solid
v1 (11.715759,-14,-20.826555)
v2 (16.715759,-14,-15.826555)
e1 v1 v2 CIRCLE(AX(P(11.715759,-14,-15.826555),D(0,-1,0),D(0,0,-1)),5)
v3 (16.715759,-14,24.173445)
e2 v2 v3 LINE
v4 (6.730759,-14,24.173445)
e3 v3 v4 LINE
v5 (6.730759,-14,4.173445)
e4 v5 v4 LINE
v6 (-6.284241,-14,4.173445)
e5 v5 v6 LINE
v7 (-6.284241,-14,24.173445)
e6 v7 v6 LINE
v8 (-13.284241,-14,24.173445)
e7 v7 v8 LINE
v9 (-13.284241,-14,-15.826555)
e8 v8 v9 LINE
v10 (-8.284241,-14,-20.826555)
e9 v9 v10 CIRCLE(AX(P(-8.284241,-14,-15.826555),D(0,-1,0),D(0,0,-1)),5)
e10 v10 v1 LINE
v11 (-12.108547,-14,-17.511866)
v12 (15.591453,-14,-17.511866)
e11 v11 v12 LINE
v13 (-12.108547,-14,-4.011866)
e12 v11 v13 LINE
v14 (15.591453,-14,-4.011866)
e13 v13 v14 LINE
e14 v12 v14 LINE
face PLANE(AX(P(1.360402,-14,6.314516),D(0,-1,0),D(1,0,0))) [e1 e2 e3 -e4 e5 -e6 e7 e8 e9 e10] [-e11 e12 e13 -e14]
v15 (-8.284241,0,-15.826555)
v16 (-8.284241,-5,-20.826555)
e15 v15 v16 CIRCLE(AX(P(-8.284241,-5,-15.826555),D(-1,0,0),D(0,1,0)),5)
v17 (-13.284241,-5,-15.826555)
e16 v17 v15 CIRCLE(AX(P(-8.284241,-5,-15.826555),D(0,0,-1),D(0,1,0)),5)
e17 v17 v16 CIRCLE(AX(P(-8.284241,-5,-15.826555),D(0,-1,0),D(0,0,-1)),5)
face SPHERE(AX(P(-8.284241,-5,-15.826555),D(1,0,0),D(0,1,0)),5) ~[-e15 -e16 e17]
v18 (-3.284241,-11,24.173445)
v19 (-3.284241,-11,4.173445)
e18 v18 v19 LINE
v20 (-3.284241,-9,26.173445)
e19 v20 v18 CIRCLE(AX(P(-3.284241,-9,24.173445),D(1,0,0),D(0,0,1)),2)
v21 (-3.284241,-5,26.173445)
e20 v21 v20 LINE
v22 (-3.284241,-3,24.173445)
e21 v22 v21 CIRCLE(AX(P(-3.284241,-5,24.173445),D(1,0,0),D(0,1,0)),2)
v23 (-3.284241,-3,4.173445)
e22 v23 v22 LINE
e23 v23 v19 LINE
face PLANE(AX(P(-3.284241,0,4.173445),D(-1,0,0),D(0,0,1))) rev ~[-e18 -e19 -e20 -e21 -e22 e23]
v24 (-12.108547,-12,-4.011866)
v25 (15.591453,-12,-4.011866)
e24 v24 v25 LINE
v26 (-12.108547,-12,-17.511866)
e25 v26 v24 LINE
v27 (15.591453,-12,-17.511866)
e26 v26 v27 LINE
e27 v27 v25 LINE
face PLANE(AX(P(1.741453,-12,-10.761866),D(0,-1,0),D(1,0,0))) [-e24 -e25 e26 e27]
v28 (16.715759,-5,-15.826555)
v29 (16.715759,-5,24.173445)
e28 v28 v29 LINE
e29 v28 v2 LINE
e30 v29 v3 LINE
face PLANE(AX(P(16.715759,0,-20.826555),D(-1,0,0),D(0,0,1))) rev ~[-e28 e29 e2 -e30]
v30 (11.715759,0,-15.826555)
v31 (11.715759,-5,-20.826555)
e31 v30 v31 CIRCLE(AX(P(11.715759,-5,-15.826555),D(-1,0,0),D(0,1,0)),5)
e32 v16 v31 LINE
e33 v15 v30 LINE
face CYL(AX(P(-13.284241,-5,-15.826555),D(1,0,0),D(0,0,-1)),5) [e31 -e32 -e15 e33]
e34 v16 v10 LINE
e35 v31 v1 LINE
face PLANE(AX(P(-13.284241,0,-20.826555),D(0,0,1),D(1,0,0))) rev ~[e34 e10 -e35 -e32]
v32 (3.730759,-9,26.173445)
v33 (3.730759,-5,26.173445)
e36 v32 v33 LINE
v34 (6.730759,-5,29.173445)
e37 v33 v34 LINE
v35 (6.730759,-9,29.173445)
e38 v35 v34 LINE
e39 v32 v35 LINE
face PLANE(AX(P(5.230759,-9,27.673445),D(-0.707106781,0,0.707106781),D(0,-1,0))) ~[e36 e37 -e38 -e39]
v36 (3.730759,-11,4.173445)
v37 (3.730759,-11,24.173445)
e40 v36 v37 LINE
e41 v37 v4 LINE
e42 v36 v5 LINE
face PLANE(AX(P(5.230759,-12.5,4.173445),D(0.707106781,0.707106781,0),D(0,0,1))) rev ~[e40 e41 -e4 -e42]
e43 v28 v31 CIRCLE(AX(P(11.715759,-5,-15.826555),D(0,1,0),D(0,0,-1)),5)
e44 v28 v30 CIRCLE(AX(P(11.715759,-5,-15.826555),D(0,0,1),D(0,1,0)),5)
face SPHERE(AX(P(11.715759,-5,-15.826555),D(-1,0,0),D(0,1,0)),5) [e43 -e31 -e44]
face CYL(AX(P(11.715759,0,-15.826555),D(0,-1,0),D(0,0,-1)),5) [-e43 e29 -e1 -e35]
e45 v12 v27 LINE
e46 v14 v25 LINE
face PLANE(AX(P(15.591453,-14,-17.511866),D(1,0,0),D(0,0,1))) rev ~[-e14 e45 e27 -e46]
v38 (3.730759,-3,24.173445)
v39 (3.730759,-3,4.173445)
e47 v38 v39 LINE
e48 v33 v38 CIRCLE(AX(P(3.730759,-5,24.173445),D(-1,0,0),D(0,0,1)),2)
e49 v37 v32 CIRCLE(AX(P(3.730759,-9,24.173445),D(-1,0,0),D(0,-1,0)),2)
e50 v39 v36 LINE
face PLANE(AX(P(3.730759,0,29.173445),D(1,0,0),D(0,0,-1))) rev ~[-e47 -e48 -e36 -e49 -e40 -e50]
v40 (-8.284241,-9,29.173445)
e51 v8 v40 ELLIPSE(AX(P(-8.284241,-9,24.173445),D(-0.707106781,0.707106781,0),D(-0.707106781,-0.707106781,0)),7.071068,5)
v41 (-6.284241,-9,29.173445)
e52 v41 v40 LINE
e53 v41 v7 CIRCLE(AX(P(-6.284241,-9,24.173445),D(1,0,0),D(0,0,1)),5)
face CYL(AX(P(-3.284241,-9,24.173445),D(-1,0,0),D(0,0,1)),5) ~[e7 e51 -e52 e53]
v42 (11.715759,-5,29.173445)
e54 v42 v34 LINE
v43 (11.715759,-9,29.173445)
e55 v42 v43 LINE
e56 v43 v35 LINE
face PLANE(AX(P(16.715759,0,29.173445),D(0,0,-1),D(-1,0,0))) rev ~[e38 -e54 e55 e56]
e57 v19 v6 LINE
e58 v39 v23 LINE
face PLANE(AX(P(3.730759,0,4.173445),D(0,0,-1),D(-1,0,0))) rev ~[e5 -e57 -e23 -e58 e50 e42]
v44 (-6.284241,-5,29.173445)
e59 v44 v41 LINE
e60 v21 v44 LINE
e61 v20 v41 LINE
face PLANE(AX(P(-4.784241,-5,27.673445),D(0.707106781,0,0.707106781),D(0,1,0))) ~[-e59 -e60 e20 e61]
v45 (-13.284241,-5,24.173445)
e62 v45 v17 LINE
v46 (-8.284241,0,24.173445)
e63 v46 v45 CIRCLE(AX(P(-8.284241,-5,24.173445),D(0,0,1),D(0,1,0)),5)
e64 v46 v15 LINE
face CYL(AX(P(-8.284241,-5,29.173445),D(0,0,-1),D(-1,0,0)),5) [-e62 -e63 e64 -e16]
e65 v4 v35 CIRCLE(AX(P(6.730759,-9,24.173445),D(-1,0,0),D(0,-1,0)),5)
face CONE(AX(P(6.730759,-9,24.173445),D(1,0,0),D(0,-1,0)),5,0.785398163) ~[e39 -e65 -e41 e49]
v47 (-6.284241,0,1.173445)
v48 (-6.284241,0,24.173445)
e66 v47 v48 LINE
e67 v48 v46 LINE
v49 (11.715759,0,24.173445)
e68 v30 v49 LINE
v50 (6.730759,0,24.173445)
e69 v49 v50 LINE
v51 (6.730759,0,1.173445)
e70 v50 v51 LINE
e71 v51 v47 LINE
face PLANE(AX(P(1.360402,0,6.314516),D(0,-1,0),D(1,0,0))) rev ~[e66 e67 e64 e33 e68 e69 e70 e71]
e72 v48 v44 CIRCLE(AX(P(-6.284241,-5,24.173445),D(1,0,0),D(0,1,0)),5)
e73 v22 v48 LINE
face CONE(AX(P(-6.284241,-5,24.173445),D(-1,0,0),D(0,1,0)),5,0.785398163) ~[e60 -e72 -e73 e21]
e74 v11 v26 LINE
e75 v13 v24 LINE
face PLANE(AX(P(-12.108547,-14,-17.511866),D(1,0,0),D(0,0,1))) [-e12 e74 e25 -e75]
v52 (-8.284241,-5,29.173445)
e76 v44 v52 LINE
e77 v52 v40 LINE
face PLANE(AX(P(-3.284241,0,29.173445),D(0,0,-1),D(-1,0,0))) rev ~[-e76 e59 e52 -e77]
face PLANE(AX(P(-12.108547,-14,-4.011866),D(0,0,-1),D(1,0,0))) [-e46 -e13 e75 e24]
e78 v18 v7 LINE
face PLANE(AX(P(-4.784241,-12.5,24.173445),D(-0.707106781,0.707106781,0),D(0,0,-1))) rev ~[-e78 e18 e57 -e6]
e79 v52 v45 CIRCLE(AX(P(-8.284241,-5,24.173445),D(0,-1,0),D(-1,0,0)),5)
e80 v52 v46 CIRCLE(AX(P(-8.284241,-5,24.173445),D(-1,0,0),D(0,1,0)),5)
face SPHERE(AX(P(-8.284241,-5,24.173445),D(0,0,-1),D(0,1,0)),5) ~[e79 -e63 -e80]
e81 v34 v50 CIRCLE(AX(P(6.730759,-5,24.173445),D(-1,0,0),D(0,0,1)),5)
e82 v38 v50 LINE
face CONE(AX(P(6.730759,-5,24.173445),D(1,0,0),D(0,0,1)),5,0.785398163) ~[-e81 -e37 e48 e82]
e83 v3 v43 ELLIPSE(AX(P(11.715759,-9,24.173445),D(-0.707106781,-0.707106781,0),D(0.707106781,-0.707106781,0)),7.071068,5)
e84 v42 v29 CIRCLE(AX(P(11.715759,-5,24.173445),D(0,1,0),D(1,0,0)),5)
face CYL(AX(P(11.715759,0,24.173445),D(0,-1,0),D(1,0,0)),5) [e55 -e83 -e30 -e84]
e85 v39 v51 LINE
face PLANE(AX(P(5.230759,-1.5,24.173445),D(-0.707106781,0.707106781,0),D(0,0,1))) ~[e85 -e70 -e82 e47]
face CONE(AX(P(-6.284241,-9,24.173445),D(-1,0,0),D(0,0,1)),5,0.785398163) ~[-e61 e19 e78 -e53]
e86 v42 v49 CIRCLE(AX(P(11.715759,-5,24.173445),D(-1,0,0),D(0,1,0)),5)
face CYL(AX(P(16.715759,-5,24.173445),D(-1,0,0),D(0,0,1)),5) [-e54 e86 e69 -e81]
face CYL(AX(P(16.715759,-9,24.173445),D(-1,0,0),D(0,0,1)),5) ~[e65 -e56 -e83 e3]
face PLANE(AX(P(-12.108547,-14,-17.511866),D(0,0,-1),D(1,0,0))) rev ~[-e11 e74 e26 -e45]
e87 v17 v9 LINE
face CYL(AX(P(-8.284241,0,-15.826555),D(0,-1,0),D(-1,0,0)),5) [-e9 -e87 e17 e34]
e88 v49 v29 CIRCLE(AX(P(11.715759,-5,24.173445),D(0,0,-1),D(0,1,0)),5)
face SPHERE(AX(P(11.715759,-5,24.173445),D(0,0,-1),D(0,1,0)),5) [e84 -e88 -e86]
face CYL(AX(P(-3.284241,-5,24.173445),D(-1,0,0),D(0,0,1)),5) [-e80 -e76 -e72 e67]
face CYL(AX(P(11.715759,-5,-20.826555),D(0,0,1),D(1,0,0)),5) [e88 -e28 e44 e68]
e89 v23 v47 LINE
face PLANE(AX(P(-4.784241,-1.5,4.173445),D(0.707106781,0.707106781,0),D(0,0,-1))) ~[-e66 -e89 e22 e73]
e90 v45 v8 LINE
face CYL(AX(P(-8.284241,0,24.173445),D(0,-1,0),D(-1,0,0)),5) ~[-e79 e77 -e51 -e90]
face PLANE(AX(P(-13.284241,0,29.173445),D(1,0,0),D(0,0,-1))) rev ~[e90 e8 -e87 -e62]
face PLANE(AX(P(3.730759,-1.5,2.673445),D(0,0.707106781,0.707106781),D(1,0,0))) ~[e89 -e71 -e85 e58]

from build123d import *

# Parameters (mm, degrees)
F0_W     = 27.7
F0_H     = 13.5
F1_DEPTH = 14
F2_R     = 5
F4_W     = 27.7
F4_H     = 13.5
F5_DEPTH = 2
F6_SIZE  = 3


with BuildPart() as f1:
    # F0 (on Front) → F1 (new body)
    with BuildSketch(Plane.XZ):
        Polygon((-13.2842407189, 29.1734449556), (-13.2842407189, -20.8265550444), (16.7157592811, -20.8265550444), (16.7157592811, 29.1734449556), (3.7307592811, 29.1734449556), (3.7307592811, 4.1734449556), (-3.2842407189, 4.1734449556), (-3.2842407189, 29.1734449556), align=None)
        with Locations((1.7157592811, -10.8674009684)):
            Rectangle(F0_W, F0_H, mode=Mode.SUBTRACT)
        with Locations((1.7157592811, -10.8674009684)):
            Rectangle(F0_W, F0_H)
    extrude(amount=F1_DEPTH)

    # F2
    f2_edges = [f1.edges().sort_by_distance(p)[0] for p in [
        (1.715759, 0, -20.826555),
        (-13.284241, 0, 4.173445),
        (16.715759, 0, 4.173445),
        (16.715759, -7, -20.826555),
        (-13.284241, -7, -20.826555),
        (-8.284241, 0, 29.173445),
        (10.223259, 0, 29.173445),
        (-13.284241, -7, 29.173445),
        (16.715759, -7, 29.173445),
        (10.223259, -14, 29.173445),
        (-8.284241, -14, 29.173445),
    ]]
    fillet(f2_edges, radius=F2_R)

    # F4 (on face) → F5 (cut)
    with BuildSketch(Plane.XZ.offset(14)):
        with Locations((1.7414525137, -10.761866346)):
            Rectangle(F4_W, F4_H)
    extrude(amount=-F5_DEPTH, mode=Mode.SUBTRACT)

    # F6
    f6_edges = [f1.edges().sort_by_distance(p)[0] for p in [
        (-3.284241, 0, 14.173445),
        (3.730759, 0, 14.173445),
        (0.223259, 0, 4.173445),
    ]]
    chamfer(f6_edges, length=F6_SIZE)


solid = f1.part
